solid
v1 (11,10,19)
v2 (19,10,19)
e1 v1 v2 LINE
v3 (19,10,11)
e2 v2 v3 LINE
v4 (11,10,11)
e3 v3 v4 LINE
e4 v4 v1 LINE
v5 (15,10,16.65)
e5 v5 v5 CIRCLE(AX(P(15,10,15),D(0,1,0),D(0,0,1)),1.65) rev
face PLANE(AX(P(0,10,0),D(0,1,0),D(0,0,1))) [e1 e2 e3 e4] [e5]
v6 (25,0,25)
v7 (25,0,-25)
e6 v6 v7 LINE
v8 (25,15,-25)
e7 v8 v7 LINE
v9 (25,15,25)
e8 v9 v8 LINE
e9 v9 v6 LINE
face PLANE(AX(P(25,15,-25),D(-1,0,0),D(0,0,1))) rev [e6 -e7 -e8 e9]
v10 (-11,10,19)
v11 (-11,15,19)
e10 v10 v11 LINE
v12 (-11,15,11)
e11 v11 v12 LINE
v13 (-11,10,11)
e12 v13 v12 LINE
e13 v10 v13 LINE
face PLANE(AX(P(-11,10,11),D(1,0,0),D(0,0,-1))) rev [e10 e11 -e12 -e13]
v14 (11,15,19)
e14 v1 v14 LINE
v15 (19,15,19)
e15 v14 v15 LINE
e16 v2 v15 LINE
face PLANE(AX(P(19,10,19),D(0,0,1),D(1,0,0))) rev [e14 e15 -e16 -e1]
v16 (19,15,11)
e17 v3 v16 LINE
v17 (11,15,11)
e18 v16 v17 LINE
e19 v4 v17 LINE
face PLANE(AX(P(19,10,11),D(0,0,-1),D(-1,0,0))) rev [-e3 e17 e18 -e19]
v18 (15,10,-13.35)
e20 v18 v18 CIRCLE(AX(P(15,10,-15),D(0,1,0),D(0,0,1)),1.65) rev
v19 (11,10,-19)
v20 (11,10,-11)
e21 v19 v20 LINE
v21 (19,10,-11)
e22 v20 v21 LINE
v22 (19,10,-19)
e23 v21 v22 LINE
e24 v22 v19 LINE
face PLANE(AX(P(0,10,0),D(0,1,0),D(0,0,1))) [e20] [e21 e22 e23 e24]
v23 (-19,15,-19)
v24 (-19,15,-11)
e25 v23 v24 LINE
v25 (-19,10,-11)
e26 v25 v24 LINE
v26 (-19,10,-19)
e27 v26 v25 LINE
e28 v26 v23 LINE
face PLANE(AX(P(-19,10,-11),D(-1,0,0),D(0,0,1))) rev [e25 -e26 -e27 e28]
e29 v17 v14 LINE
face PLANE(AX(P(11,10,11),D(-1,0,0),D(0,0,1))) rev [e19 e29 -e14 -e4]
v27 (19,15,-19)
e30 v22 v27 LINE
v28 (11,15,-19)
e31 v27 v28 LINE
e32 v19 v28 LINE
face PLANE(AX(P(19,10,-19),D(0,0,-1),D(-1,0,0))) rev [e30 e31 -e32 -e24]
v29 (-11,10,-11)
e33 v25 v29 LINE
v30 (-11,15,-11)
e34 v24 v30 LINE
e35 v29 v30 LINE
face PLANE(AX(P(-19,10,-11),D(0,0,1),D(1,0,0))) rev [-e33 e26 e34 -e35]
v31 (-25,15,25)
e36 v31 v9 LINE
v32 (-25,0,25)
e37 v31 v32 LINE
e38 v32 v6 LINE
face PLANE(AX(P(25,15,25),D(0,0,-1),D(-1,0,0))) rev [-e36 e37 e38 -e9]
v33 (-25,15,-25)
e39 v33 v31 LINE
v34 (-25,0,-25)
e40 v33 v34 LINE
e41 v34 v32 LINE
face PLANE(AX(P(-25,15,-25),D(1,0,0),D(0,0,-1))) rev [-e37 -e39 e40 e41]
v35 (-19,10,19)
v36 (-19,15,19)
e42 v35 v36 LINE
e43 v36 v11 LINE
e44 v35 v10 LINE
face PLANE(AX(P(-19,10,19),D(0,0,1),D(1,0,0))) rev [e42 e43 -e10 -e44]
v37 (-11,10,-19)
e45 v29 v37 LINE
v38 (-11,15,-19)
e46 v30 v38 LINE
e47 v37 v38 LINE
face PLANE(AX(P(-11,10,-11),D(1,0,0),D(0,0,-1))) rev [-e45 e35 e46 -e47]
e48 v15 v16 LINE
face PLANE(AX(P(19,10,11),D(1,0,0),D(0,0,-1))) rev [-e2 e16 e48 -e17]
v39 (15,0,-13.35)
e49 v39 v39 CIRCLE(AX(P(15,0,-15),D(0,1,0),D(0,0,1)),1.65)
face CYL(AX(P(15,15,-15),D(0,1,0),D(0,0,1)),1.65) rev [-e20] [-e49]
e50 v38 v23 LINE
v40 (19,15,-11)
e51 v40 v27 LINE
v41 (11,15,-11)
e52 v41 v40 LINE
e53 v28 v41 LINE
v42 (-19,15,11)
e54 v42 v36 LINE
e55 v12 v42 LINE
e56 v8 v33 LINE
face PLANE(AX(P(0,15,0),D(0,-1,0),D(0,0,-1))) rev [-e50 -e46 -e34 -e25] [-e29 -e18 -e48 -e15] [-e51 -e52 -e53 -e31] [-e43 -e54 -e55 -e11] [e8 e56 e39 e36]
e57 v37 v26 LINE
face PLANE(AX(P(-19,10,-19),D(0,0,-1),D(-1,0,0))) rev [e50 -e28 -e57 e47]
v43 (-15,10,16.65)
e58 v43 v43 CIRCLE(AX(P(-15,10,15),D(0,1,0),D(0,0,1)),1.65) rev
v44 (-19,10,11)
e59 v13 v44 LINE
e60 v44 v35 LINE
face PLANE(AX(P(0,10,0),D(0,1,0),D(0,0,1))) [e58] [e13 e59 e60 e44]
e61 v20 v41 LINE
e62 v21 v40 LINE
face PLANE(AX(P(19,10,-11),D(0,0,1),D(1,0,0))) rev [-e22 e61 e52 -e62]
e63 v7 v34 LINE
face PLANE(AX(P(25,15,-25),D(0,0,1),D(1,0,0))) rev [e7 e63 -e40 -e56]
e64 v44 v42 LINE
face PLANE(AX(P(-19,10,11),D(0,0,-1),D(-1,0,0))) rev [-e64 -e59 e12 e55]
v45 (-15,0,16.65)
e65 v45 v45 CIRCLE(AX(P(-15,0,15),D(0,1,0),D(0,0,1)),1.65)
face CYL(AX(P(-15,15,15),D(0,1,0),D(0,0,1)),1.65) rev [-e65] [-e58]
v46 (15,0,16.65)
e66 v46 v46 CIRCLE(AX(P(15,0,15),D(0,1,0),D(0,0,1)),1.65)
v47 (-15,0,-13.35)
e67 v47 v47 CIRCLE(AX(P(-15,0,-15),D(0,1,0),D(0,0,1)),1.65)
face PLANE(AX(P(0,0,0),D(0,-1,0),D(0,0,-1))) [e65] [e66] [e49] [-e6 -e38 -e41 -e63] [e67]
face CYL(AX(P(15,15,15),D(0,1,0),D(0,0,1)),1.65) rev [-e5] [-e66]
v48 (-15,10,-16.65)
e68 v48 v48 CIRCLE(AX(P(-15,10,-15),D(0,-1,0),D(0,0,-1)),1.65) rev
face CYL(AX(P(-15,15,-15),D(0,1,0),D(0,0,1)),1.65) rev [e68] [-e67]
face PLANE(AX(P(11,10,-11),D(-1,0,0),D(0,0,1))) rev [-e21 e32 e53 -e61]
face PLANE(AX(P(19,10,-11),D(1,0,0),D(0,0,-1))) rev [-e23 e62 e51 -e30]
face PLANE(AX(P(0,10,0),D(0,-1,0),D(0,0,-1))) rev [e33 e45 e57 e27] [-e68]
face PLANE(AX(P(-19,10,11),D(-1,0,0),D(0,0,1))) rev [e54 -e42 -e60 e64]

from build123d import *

# Parameters (mm, degrees)
SKETCH1_W                             = 50
SKETCH1_H                             = 50
BOSS_EXTRUDE1_DEPTH                   = 15
TAP_DRILL_FOR_M4X0_7_TAP1_D           = 3.3
TAP_DRILL_FOR_M4X0_7_TAP1_CSINK_D     = 3.35
TAP_DRILL_FOR_M4X0_7_TAP1_CSINK_ANGLE = 90
SKETCH3_W                             = 8
SKETCH3_H                             = 8
CUT_EXTRUDE2_DEPTH                    = 5


with BuildPart() as part:
    # Sketch1 → Boss-Extrude1 (new body)
    with BuildSketch(Plane(origin=(0, 0, 0), x_dir=(1, 0, 0), z_dir=(0, 1, 0))):
        Rectangle(SKETCH1_W, SKETCH1_H)
    extrude(amount=BOSS_EXTRUDE1_DEPTH)

    # Tap Drill for M4x0.7 Tap1 (through all)
    with Locations(Plane(origin=(0, 15, 0), x_dir=(1, 0, 0), z_dir=(0, 1, 0))):
        with Locations((-15, 15), (15, 15), (15, -15), (-15, -15)):
            CounterSinkHole(TAP_DRILL_FOR_M4X0_7_TAP1_D / 2, TAP_DRILL_FOR_M4X0_7_TAP1_CSINK_D / 2, counter_sink_angle=TAP_DRILL_FOR_M4X0_7_TAP1_CSINK_ANGLE)

    # Sketch3 → Cut-Extrude2 (cut)
    with BuildSketch(Plane(origin=(0, 15, 0), x_dir=(1, 0, 0), z_dir=(0, 1, 0))):
        with Locations((15, 15)):
            Rectangle(SKETCH3_W, SKETCH3_H)
        with Locations((-15, 15)):
            Rectangle(SKETCH3_W, SKETCH3_H)
        with Locations((-15, -15)):
            Rectangle(SKETCH3_W, SKETCH3_H)
        with Locations((15, -15)):
            Rectangle(SKETCH3_W, SKETCH3_H)
    extrude(amount=-CUT_EXTRUDE2_DEPTH, mode=Mode.SUBTRACT)


solid = part.part
